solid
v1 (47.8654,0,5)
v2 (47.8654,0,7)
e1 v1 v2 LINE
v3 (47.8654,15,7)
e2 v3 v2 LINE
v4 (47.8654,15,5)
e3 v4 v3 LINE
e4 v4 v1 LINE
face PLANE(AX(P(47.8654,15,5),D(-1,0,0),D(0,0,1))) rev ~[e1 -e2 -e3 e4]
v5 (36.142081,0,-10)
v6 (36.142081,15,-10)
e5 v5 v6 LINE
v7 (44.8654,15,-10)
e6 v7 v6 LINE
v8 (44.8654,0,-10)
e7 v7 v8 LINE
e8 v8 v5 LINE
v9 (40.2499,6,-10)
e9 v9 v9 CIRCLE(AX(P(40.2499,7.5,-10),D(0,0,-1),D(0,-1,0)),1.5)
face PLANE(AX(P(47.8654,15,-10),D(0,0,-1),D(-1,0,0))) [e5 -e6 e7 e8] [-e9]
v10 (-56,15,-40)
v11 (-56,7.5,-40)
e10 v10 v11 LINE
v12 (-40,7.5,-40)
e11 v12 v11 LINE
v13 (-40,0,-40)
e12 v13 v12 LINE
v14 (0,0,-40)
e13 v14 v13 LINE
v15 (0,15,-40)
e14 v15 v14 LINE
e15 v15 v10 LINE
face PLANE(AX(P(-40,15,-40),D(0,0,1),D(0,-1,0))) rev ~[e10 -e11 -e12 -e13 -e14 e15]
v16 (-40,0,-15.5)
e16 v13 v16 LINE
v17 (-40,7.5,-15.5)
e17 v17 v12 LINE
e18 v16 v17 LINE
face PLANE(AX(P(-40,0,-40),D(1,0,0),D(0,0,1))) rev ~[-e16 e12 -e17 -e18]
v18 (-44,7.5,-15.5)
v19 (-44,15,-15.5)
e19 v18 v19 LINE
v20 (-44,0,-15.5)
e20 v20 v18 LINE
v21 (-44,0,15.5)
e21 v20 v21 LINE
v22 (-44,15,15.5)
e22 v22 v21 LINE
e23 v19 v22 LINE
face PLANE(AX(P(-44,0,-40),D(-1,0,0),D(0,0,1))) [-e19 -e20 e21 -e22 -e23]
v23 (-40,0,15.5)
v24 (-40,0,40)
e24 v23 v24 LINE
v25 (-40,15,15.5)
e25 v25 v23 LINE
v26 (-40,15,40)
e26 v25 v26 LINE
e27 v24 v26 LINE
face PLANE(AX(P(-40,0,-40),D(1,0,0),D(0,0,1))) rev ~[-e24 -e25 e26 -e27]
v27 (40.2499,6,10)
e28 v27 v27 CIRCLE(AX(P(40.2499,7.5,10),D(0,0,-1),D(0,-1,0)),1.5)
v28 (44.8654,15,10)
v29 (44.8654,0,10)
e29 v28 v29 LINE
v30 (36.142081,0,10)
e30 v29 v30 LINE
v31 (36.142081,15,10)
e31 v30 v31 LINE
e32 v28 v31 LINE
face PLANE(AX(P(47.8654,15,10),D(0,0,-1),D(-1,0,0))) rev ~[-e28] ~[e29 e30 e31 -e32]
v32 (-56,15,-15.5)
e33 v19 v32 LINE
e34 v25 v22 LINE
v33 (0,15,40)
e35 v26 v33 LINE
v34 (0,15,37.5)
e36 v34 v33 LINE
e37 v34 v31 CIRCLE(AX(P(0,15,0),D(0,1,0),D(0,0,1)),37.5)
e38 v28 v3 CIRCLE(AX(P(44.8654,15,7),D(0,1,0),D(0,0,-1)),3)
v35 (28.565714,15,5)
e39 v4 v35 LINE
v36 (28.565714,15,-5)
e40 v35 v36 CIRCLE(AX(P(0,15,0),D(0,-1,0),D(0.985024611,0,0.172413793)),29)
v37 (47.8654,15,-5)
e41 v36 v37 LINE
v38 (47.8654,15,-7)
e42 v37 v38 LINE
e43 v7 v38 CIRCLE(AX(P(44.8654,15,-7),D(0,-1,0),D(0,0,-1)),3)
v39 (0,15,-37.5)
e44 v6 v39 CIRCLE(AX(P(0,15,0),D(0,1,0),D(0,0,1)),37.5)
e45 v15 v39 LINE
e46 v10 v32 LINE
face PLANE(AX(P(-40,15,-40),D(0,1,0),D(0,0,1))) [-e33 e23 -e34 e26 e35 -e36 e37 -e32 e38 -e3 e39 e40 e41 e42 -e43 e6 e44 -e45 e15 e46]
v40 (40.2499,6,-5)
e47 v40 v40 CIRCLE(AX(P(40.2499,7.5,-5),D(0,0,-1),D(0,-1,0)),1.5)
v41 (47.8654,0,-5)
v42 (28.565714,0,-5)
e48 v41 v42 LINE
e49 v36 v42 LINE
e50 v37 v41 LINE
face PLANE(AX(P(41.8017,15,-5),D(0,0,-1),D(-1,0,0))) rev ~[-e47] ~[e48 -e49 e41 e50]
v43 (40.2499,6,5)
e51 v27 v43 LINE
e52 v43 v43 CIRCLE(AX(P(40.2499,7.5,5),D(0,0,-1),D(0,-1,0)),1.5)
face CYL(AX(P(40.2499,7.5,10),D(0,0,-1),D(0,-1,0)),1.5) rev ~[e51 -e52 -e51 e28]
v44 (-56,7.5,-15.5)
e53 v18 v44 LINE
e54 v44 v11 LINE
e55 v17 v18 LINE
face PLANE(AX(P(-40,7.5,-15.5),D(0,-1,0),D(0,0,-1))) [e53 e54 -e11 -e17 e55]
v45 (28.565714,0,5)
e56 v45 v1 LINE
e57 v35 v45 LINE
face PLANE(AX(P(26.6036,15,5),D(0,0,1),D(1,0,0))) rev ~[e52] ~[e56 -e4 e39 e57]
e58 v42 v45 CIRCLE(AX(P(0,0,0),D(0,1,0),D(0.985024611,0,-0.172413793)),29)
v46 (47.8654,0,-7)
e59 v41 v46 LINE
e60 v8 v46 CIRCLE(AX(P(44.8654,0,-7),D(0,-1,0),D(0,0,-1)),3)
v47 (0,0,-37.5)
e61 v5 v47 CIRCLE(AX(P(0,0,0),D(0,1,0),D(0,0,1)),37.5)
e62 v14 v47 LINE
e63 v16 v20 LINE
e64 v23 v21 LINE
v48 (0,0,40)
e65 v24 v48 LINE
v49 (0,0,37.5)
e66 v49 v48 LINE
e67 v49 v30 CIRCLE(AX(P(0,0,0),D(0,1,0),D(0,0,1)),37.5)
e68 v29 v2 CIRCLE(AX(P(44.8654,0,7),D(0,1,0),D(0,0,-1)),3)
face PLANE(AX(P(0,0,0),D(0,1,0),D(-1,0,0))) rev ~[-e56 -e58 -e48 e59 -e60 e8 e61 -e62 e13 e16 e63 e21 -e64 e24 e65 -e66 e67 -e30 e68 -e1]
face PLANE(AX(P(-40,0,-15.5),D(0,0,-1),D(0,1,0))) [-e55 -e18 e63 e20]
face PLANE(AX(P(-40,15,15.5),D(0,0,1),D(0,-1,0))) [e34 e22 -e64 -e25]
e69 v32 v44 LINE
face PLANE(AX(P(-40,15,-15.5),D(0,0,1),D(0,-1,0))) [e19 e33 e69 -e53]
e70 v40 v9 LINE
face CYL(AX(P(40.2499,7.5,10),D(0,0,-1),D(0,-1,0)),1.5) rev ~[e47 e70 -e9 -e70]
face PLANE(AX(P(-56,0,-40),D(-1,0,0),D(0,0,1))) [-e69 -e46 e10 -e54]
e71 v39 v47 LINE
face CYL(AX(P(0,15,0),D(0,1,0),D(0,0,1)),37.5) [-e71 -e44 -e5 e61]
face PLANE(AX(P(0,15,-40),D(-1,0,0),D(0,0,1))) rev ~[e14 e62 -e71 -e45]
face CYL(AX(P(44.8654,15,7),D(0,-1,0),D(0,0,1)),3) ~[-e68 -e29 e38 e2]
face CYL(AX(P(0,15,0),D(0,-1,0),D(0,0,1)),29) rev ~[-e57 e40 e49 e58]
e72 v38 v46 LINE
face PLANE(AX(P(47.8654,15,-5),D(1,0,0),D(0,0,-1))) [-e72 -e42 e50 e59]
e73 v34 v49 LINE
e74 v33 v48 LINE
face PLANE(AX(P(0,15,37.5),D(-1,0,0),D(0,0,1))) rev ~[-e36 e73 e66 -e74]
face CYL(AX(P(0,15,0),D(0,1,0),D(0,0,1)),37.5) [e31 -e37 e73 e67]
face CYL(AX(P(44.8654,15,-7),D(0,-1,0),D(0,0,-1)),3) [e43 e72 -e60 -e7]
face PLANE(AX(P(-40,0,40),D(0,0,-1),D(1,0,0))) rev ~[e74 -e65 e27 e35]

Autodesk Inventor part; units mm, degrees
ref_plane "YZ Plane" through (0, 0, 0) normal (1, 0, 0) x (0, 1, 0)
ref_plane "XZ Plane" through (0, 0, 0) normal (0, 1, 0) x (-1, 0, 0)
ref_plane "XY Plane" through (0, 0, 0) normal (0, 0, 1) x (1, 0, 0)
sketch "Sketch1" plane through (0, 0, 0) normal (0, 1, 0) x (-1, 0, 0)
  line L0 (-40, -40) -> (40, -40)
  line L1 (40, -40) -> (40, 40)
  line L2 (40, 40) -> (-40, 40)
  line L3 (-40, 40) -> (-40, -40)
  line L4 (-40, -40) -> (40, 40) construction
  line L5 (40, -40) -> (-40, 40) construction
  point P0 (0, 0)
  dimension "d0" = 80
  dimension "d1" = 80
extrude "Extrusion1" add sketch "Sketch1" along normal blind 15
sketch "Sketch2" plane through (0, 15, 0) normal (0, 1, 0) x (1, 0, 0)
  point P0 (0, 0)
  point P1 (0, 0)
hole "Hole1" at (0, 15, 0) direction (0, -1, 0) diameter 58 end through all
sketch "Sketch3" plane through (0, 15, 0) normal (0, 1, 0) x (1, 0, 0)
  arc A0 (0, -37.5) -> (0, 37.5) centre (0, 0) ccw
  line L0 (-40, -40) -> (40, -40) projected
  line L1 (40, -40) -> (40, 40) projected
  line L2 (0, -40) -> (40, -40)
  line L3 (40, -40) -> (40, 40)
  line L4 (40, 40) -> (0, 40)
  line L5 (0, 40) -> (0, 37.5)
  line L6 (0, -37.5) -> (0, -40)
  dimension "d11" = 75
extrude "Extrusion2" cut sketch "Sketch3" against normal through all
sketch "Sketch4" plane through (0, 15, 0) normal (0, 1, 0) x (1, 0, 0)
  line L0 (41.8017, 5) -> (26.6036, 5)
  line L1 (26.6036, 5) -> (26.6036, -5)
  line L2 (26.6036, -5) -> (41.8017, -5)
  line L3 (41.8017, -5) -> (41.8017, 5)
  line L4 (41.8017, 5) -> (26.6036, -5) construction
  line L5 (26.6036, 5) -> (41.8017, -5) construction
  point P0 (0, 0)
  point P1 (34.2027, 0)
  dimension "d14" = 10
extrude "Extrusion3" cut sketch "Sketch4" against normal through all
sketch "Sketch5" plane through (0, 15, 0) normal (0, 1, 0) x (1, 0, 0)
  line L0 (28.5657, -5) -> (37.1652, -5) projected
  line L1 (32.8654, -5) -> (47.8654, -5)
  line L2 (47.8654, -5) -> (47.8654, -10)
  line L3 (47.8654, -10) -> (32.8654, -10)
  line L4 (32.8654, -10) -> (32.8654, -5)
  line L5 (25.4496, 0) -> (55.494, 0)
  line L6 (28.5657, 5) -> (37.1652, 5)
  line L7 (32.8654, 5) -> (47.8654, 5)
  line L8 (47.8654, 5) -> (47.8654, 10)
  line L9 (47.8654, 10) -> (32.8654, 10)
  line L10 (32.8654, 10) -> (32.8654, 5)
  point P0 (0, 0)
  dimension "d17" = 15
  dimension "d18" = 5
extrude "Extrusion4" add sketch "Sketch5" against normal blind 15
fillet "Fillet1" radius 3 2 edges at (47.8654, 7.5, 10) (47.8654, 7.5, -10)
sketch "Sketch6" plane through (36.1421, 0, 10) normal (0, 0, 1) x (1, 0, 0)
  line L0 (8.7234, 15) -> (8.7234, 0) projected
  point P0 (-36.1421, 0)
  point P1 (4.1079, 7.5)
  dimension "d22" = 4.6155
hole "Hole2" at (40.2499, 7.5, 10) direction (0, 0, -1) diameter 3 end through all
sketch "Sketch7" plane through (-40, 0, -40) normal (-1, 0, 0) x (0, 0, 1)
  line L0 (30, 15) -> (2.5, 15) projected
  line L1 (0, 0) -> (80, 0) projected
  line L2 (24.5, 15) -> (55.5, 15)
  line L3 (55.5, 15) -> (55.5, 0)
  line L4 (55.5, 0) -> (24.5, 0)
  line L5 (24.5, 0) -> (24.5, 15)
  line L6 (0, 0) -> (0, 15) projected
  point P0 (40, 0)
  dimension "d30" = 31
  dimension "d31" = 24.5
extrude "Extrusion5" add sketch "Sketch7" along normal blind 4
sketch "Sketch8" plane through (-40, 0, -40) normal (-1, 0, 0) x (0, 0, 1)
  line L0 (0, 15) -> (0, 0) projected
  line L1 (24.5, 15) -> (24.5, 0) projected
  line L2 (0, 15) -> (24.5, 15)
  line L3 (24.5, 15) -> (24.5, 7.5)
  line L4 (24.5, 7.5) -> (0, 7.5)
  line L5 (0, 7.5) -> (0, 15)
  point P0 (40, 0)
  dimension "d34" = 7.5
extrude "Extrusion6" add sketch "Sketch8" along normal blind 16
properties part number "Clamp" material "PC/ABS Plastic"
